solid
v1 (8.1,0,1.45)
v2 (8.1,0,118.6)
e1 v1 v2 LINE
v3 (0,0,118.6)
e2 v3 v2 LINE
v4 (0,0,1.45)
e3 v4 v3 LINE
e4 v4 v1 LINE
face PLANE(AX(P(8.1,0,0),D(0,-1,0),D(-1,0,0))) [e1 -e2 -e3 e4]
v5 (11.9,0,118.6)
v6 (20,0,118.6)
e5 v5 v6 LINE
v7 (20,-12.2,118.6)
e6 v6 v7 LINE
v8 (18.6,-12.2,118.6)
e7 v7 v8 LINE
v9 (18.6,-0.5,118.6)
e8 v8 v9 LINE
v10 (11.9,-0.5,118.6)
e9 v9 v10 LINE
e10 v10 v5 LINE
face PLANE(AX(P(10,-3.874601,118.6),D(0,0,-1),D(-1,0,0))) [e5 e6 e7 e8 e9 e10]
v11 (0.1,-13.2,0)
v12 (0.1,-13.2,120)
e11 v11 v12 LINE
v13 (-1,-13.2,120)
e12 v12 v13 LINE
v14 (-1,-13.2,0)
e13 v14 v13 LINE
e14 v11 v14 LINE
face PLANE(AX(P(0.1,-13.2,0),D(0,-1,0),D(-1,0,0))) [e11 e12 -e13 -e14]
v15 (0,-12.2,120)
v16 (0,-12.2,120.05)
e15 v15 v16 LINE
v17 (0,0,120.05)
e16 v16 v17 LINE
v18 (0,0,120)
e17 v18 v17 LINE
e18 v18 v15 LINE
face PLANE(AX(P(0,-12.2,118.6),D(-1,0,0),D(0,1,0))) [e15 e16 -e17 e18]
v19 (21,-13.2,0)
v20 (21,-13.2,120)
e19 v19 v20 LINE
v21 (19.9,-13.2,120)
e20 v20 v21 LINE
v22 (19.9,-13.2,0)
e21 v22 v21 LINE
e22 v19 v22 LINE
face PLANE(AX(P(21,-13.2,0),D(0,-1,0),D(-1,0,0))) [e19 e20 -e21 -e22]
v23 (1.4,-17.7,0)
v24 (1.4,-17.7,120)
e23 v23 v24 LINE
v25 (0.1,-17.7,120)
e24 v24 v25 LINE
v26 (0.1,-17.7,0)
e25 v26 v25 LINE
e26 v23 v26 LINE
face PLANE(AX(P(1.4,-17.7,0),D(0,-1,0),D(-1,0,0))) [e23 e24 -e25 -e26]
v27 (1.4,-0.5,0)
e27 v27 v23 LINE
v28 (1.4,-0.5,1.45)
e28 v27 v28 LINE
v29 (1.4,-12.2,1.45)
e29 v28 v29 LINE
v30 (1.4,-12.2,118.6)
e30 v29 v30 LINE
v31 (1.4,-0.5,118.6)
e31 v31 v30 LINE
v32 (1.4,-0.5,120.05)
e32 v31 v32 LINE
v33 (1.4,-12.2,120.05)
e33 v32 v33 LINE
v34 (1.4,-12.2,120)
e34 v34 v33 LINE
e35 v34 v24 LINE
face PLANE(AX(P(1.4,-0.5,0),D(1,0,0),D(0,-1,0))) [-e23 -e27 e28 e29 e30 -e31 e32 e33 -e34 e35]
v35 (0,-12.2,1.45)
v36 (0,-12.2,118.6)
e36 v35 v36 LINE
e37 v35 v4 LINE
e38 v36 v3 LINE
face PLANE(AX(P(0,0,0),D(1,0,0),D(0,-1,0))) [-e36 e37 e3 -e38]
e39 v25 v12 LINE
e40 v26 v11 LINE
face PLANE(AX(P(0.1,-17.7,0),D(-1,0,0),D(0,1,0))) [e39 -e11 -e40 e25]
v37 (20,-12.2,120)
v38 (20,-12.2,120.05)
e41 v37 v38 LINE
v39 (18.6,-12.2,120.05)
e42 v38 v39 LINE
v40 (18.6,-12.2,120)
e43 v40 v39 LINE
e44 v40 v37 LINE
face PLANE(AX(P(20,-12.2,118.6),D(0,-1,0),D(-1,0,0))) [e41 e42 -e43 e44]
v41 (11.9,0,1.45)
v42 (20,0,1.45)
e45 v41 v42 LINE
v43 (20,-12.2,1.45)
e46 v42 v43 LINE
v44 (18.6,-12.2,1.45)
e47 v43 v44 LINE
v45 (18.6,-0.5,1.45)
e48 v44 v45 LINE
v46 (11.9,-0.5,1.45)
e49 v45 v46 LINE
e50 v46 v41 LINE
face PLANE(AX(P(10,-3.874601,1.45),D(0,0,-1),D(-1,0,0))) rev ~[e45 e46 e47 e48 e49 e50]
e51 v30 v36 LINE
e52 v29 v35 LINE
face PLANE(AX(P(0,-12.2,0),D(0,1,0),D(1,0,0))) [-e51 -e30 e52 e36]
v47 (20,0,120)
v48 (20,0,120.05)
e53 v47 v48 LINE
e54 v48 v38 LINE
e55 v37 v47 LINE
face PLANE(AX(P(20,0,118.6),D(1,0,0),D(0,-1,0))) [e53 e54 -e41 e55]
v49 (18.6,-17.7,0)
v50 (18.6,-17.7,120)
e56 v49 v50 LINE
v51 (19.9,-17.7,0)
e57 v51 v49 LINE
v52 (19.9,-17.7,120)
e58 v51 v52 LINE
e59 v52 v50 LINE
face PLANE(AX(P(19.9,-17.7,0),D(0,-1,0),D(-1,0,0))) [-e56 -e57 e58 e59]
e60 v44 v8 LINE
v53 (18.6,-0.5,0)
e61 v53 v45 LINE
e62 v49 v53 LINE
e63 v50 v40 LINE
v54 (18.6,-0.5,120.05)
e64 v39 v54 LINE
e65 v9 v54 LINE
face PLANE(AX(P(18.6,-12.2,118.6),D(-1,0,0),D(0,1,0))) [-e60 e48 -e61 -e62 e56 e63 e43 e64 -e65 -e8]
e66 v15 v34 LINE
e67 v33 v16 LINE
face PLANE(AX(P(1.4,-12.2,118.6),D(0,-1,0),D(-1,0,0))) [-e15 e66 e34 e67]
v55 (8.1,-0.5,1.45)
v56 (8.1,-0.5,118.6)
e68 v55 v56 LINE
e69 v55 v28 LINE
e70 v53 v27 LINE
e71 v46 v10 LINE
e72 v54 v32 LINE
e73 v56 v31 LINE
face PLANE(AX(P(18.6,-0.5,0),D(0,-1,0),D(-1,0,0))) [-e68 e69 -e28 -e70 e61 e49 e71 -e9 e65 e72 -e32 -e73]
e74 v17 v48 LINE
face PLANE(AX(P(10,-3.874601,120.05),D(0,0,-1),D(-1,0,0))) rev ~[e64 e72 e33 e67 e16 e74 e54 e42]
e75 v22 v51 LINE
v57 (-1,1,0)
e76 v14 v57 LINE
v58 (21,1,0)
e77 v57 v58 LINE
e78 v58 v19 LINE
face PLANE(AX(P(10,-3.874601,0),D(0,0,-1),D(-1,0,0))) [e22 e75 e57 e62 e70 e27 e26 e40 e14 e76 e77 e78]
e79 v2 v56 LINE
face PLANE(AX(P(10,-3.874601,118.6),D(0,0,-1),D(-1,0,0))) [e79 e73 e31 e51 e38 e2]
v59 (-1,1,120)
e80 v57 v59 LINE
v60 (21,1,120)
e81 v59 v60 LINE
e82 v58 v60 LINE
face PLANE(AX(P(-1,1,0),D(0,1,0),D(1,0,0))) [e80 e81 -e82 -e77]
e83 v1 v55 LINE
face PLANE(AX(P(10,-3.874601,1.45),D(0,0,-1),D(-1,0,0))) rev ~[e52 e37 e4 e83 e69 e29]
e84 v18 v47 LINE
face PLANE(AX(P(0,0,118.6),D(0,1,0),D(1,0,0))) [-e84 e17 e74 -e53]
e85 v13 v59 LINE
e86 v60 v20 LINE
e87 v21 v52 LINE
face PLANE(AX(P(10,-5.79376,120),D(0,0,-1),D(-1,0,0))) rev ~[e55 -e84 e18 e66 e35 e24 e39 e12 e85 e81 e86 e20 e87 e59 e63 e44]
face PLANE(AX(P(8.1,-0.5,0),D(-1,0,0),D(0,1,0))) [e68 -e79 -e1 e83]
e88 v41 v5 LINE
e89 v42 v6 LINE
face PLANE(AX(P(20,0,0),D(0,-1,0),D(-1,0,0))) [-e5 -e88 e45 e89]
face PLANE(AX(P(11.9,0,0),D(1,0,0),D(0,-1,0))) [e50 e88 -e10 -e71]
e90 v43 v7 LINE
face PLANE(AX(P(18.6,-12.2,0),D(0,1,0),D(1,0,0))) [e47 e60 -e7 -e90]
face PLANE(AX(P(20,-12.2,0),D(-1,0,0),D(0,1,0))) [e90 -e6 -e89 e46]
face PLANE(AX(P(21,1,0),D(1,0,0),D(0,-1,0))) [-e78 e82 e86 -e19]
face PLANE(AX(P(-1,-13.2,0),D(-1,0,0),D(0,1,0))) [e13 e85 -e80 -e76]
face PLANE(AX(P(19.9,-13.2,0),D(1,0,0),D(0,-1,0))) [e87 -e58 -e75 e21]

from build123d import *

# Parameters (mm, degrees)
PAD002_DEPTH = 1.45
PAD001_DEPTH = 1.45
PAD_DEPTH    = 120


with BuildPart() as upper_slide:
    # Sketch002 → Pad002 (new body)
    with BuildSketch(Plane(origin=(1.4, -0.5, 118.6), x_dir=(1, 0, 0), z_dir=(0, 0, 1))):
        Polygon((0, -11.7), (-1.4, -11.7), (-1.4, 0.5), (18.6, 0.5), (18.6, -11.7), (17.2, -11.7), (17.2, 0), (0, 0), align=None)
    extrude(amount=PAD002_DEPTH)


with BuildPart() as lower_slide:
    # Sketch001 → Pad001 (new body)
    with BuildSketch(Plane(origin=(1.4, -0.5, 0), x_dir=(1, 0, 0), z_dir=(0, 0, 1))):
        Polygon((0, -11.7), (-1.4, -11.7), (-1.4, 0.5), (18.6, 0.5), (18.6, -11.7), (17.2, -11.7), (17.2, 0), (0, 0), align=None)
    extrude(amount=PAD001_DEPTH)


with BuildPart() as shell:
    # Sketch → Pad (new body)
    with BuildSketch(Plane.XY):
        Polygon((-1, 1), (21, 1), (21, -13.2), (19.9, -13.2), (19.9, -17.7), (18.6, -17.7), (18.6, -12.2), (20, -12.2), (20, 0), (11.9, 0), (11.9, -0.5), (8.1, -0.5), (8.1, 0), (0, 0), (0, -12.2), (1.4, -12.2), (1.4, -17.7), (0.1, -17.7), (0.1, -13.2), (-1, -13.2), align=None)
    extrude(amount=PAD_DEPTH)

    # Fusion: union upper_slide, lower_slide
    add(upper_slide.part)
    add(lower_slide.part)


solid = shell.part
